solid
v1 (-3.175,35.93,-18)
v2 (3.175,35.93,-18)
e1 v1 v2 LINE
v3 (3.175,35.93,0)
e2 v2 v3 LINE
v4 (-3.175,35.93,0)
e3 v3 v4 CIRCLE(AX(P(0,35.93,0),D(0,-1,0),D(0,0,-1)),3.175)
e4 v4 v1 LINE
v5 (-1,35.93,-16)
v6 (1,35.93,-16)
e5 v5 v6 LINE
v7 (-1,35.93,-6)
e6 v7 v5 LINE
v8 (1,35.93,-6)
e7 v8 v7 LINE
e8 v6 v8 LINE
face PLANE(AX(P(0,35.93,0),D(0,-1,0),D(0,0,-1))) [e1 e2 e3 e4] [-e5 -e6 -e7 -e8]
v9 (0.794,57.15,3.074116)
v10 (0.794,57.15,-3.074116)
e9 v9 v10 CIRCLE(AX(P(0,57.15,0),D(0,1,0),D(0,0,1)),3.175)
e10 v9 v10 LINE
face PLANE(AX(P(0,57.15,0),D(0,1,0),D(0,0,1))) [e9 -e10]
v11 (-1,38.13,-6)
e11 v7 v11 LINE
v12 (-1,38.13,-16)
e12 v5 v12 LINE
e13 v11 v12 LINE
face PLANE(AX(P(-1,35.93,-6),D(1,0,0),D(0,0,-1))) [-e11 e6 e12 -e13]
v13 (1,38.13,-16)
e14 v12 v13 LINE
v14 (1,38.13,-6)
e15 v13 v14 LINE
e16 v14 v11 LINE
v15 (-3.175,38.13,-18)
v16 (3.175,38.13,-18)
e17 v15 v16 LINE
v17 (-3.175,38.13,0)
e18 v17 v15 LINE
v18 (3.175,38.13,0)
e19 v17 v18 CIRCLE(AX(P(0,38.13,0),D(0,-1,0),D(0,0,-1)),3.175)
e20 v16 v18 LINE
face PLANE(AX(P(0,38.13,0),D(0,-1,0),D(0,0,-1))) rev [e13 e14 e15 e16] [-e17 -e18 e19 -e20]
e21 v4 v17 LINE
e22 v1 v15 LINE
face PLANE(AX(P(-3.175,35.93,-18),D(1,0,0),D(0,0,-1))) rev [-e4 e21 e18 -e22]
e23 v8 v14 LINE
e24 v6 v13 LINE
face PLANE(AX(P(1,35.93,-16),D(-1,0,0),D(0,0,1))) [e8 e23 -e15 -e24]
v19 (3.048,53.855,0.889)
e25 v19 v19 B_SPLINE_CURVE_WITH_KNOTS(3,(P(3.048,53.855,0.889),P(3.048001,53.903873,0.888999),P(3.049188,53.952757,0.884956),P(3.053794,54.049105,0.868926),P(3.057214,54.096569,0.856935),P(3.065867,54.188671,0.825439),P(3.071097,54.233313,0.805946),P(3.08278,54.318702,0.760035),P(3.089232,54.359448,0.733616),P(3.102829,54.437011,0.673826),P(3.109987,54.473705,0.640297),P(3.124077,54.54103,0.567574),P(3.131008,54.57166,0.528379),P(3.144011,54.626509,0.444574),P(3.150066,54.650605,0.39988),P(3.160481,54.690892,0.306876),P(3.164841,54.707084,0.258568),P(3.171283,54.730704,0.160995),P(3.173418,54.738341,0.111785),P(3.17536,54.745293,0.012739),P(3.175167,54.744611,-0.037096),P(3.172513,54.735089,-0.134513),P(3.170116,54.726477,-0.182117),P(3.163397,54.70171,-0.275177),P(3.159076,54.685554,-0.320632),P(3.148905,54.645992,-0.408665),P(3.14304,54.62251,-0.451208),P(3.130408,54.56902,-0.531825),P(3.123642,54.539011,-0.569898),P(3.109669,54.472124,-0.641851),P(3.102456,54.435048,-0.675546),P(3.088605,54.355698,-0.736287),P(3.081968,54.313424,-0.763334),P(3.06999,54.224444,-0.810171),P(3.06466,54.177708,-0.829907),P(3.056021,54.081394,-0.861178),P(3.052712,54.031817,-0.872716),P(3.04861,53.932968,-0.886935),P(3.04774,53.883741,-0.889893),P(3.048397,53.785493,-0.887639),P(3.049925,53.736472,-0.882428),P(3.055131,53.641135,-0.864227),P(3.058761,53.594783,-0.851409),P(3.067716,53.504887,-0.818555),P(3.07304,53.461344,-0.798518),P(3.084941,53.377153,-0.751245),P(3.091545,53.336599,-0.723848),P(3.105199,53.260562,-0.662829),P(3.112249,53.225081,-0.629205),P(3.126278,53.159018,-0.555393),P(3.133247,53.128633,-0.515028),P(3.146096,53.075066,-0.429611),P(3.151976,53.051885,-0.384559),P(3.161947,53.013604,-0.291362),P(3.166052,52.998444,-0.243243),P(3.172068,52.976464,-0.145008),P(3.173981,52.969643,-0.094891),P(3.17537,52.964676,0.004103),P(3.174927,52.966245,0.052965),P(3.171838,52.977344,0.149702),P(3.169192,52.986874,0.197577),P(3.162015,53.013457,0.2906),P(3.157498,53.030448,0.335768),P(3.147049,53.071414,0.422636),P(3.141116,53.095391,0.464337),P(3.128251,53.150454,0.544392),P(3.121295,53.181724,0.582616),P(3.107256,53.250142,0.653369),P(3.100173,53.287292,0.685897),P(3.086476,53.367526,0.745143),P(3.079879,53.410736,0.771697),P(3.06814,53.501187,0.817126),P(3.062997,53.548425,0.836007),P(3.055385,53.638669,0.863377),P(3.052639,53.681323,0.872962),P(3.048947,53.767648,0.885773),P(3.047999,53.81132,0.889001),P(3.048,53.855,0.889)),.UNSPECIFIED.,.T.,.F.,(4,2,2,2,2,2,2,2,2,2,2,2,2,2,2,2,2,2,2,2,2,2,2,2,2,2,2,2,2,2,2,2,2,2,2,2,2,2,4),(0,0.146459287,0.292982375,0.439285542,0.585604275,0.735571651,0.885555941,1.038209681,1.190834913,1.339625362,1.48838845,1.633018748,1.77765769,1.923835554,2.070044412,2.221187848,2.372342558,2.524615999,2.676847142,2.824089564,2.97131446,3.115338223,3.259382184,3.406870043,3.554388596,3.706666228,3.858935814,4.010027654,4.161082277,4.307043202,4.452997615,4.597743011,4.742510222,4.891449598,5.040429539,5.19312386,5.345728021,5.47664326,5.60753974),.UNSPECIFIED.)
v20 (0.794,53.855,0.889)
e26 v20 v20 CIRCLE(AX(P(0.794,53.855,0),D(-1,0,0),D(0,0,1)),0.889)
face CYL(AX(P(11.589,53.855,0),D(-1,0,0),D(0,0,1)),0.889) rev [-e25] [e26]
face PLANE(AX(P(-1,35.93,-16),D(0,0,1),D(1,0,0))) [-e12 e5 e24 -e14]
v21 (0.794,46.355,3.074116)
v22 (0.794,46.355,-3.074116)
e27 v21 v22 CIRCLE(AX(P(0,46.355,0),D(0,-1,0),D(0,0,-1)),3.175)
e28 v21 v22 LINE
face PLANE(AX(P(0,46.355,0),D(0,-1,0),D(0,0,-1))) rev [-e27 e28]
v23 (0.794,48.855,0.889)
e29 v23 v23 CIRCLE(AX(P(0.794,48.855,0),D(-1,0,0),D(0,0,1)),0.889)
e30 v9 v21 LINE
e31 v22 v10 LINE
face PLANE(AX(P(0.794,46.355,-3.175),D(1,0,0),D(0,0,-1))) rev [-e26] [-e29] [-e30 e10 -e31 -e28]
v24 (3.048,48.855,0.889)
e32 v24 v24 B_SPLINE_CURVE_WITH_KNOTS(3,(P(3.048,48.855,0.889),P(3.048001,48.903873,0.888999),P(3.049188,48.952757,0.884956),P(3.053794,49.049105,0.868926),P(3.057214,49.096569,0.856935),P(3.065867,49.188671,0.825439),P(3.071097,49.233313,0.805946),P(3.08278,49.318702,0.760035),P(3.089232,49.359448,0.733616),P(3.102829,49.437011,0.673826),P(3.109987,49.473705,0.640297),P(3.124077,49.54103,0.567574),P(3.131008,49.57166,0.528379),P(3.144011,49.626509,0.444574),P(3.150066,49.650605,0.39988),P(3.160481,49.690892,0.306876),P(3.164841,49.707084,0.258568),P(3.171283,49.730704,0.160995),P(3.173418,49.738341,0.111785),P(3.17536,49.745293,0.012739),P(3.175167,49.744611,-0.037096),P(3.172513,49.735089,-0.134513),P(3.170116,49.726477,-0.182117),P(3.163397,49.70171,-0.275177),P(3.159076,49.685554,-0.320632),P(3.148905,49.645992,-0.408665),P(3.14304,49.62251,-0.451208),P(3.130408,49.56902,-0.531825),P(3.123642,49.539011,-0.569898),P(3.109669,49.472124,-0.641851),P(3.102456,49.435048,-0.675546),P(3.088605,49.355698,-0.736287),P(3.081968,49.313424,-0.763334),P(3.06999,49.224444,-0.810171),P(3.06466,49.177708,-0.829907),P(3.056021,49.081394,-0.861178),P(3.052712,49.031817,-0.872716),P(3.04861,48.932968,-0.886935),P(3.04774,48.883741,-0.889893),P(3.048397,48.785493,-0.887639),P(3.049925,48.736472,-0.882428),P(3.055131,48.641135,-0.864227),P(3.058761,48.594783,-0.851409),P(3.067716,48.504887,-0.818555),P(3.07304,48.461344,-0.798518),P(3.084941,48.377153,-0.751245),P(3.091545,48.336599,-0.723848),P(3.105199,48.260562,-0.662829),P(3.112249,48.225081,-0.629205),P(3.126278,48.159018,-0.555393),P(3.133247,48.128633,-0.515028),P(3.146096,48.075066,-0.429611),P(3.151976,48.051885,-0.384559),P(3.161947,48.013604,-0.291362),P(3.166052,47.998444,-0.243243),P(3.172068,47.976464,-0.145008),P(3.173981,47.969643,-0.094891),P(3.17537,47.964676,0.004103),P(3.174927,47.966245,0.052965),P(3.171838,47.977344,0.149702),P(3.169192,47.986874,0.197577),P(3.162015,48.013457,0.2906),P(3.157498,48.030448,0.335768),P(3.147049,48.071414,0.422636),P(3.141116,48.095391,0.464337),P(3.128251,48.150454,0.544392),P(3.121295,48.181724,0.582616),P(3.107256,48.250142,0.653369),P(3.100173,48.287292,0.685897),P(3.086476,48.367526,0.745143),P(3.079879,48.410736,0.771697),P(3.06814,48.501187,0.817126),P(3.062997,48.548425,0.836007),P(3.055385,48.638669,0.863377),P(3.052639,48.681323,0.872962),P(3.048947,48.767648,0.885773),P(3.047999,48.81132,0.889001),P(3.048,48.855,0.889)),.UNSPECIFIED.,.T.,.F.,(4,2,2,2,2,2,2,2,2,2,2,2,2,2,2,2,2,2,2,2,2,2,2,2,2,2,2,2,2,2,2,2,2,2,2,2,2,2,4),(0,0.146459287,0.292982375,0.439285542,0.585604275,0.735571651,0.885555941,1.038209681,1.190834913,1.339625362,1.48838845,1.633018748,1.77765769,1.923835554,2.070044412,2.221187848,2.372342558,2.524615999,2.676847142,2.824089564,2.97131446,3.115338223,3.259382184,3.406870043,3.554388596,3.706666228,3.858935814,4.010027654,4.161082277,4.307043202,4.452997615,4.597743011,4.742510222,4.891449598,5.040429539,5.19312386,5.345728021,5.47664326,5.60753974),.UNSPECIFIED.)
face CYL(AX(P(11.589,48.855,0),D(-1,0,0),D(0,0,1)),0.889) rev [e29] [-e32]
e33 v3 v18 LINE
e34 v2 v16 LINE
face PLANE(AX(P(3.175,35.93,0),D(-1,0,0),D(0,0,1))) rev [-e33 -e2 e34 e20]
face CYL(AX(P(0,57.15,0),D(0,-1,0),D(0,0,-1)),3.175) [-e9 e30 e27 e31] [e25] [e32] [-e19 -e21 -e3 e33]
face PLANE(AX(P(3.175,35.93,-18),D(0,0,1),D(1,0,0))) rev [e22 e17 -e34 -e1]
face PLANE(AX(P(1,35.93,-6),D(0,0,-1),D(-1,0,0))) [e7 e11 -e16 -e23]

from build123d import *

# Parameters (mm, degrees)
SKETCH_1_R          = 3.175
EXTRUDE_1_DEPTH     = 57.15
CUT_EXTRUDE_1_DEPTH = 10.795
SKETCH_3_R          = 0.889
CUT_EXTRUDE_2_DEPTH = 10.795
SKETCH_4_R          = 3.175
CUT_EXTRUDE_3_DEPTH = 37.03
SKETCH_5_W          = 2
SKETCH_5_H          = 10
EXTRUDE_2_DEPTH     = 1.1


with BuildPart() as part:
    # 草图1 → 凸台-拉伸1 (new body)
    with BuildSketch(Plane(origin=(0, 0, 0), x_dir=(1, 0, 0), z_dir=(0, 1, 0))):
        Circle(SKETCH_1_R)
    extrude(amount=EXTRUDE_1_DEPTH)

    # 草图2 → 切除-拉伸1 (cut)
    with BuildSketch(Plane(origin=(0, 57.15, 0), x_dir=(1, 0, 0), z_dir=(0, 1, 0))):
        Polygon((-0.794, 3.175), (0.794, 3.175), (0.794, -3.175), (-3.175, -3.175), (-3.175, 3.175), align=None)
    extrude(amount=-CUT_EXTRUDE_1_DEPTH, mode=Mode.SUBTRACT)

    # 草图3 → 切除-拉伸2 (cut)
    with BuildSketch(Plane.ZY.offset(-0.794)):
        with Locations((0, 53.855)):
            Circle(SKETCH_3_R)
        with Locations((0, 48.855)):
            Circle(SKETCH_3_R)
    extrude(amount=-CUT_EXTRUDE_2_DEPTH, mode=Mode.SUBTRACT)

    # 草图4 → 切除-拉伸3 (cut)
    with BuildSketch(Plane.XZ):
        Circle(SKETCH_4_R)
    extrude(amount=-CUT_EXTRUDE_3_DEPTH, mode=Mode.SUBTRACT)

    # 草图5 → 凸台-拉伸2 (add, symmetric)
    with BuildSketch(Plane.XZ.offset(-37.03)):
        with BuildLine():
            Line((3.175, 0), (3.175, -18))
            Line((3.175, -18), (-3.175, -18))
            Line((-3.175, -18), (-3.175, 0))
            ThreePointArc((-3.175, 0), (0, 3.175), (3.175, 0))
        make_face()
        with Locations((0, -11)):
            Rectangle(SKETCH_5_W, SKETCH_5_H, mode=Mode.SUBTRACT)
    extrude(amount=EXTRUDE_2_DEPTH, both=True)


solid = part.part
